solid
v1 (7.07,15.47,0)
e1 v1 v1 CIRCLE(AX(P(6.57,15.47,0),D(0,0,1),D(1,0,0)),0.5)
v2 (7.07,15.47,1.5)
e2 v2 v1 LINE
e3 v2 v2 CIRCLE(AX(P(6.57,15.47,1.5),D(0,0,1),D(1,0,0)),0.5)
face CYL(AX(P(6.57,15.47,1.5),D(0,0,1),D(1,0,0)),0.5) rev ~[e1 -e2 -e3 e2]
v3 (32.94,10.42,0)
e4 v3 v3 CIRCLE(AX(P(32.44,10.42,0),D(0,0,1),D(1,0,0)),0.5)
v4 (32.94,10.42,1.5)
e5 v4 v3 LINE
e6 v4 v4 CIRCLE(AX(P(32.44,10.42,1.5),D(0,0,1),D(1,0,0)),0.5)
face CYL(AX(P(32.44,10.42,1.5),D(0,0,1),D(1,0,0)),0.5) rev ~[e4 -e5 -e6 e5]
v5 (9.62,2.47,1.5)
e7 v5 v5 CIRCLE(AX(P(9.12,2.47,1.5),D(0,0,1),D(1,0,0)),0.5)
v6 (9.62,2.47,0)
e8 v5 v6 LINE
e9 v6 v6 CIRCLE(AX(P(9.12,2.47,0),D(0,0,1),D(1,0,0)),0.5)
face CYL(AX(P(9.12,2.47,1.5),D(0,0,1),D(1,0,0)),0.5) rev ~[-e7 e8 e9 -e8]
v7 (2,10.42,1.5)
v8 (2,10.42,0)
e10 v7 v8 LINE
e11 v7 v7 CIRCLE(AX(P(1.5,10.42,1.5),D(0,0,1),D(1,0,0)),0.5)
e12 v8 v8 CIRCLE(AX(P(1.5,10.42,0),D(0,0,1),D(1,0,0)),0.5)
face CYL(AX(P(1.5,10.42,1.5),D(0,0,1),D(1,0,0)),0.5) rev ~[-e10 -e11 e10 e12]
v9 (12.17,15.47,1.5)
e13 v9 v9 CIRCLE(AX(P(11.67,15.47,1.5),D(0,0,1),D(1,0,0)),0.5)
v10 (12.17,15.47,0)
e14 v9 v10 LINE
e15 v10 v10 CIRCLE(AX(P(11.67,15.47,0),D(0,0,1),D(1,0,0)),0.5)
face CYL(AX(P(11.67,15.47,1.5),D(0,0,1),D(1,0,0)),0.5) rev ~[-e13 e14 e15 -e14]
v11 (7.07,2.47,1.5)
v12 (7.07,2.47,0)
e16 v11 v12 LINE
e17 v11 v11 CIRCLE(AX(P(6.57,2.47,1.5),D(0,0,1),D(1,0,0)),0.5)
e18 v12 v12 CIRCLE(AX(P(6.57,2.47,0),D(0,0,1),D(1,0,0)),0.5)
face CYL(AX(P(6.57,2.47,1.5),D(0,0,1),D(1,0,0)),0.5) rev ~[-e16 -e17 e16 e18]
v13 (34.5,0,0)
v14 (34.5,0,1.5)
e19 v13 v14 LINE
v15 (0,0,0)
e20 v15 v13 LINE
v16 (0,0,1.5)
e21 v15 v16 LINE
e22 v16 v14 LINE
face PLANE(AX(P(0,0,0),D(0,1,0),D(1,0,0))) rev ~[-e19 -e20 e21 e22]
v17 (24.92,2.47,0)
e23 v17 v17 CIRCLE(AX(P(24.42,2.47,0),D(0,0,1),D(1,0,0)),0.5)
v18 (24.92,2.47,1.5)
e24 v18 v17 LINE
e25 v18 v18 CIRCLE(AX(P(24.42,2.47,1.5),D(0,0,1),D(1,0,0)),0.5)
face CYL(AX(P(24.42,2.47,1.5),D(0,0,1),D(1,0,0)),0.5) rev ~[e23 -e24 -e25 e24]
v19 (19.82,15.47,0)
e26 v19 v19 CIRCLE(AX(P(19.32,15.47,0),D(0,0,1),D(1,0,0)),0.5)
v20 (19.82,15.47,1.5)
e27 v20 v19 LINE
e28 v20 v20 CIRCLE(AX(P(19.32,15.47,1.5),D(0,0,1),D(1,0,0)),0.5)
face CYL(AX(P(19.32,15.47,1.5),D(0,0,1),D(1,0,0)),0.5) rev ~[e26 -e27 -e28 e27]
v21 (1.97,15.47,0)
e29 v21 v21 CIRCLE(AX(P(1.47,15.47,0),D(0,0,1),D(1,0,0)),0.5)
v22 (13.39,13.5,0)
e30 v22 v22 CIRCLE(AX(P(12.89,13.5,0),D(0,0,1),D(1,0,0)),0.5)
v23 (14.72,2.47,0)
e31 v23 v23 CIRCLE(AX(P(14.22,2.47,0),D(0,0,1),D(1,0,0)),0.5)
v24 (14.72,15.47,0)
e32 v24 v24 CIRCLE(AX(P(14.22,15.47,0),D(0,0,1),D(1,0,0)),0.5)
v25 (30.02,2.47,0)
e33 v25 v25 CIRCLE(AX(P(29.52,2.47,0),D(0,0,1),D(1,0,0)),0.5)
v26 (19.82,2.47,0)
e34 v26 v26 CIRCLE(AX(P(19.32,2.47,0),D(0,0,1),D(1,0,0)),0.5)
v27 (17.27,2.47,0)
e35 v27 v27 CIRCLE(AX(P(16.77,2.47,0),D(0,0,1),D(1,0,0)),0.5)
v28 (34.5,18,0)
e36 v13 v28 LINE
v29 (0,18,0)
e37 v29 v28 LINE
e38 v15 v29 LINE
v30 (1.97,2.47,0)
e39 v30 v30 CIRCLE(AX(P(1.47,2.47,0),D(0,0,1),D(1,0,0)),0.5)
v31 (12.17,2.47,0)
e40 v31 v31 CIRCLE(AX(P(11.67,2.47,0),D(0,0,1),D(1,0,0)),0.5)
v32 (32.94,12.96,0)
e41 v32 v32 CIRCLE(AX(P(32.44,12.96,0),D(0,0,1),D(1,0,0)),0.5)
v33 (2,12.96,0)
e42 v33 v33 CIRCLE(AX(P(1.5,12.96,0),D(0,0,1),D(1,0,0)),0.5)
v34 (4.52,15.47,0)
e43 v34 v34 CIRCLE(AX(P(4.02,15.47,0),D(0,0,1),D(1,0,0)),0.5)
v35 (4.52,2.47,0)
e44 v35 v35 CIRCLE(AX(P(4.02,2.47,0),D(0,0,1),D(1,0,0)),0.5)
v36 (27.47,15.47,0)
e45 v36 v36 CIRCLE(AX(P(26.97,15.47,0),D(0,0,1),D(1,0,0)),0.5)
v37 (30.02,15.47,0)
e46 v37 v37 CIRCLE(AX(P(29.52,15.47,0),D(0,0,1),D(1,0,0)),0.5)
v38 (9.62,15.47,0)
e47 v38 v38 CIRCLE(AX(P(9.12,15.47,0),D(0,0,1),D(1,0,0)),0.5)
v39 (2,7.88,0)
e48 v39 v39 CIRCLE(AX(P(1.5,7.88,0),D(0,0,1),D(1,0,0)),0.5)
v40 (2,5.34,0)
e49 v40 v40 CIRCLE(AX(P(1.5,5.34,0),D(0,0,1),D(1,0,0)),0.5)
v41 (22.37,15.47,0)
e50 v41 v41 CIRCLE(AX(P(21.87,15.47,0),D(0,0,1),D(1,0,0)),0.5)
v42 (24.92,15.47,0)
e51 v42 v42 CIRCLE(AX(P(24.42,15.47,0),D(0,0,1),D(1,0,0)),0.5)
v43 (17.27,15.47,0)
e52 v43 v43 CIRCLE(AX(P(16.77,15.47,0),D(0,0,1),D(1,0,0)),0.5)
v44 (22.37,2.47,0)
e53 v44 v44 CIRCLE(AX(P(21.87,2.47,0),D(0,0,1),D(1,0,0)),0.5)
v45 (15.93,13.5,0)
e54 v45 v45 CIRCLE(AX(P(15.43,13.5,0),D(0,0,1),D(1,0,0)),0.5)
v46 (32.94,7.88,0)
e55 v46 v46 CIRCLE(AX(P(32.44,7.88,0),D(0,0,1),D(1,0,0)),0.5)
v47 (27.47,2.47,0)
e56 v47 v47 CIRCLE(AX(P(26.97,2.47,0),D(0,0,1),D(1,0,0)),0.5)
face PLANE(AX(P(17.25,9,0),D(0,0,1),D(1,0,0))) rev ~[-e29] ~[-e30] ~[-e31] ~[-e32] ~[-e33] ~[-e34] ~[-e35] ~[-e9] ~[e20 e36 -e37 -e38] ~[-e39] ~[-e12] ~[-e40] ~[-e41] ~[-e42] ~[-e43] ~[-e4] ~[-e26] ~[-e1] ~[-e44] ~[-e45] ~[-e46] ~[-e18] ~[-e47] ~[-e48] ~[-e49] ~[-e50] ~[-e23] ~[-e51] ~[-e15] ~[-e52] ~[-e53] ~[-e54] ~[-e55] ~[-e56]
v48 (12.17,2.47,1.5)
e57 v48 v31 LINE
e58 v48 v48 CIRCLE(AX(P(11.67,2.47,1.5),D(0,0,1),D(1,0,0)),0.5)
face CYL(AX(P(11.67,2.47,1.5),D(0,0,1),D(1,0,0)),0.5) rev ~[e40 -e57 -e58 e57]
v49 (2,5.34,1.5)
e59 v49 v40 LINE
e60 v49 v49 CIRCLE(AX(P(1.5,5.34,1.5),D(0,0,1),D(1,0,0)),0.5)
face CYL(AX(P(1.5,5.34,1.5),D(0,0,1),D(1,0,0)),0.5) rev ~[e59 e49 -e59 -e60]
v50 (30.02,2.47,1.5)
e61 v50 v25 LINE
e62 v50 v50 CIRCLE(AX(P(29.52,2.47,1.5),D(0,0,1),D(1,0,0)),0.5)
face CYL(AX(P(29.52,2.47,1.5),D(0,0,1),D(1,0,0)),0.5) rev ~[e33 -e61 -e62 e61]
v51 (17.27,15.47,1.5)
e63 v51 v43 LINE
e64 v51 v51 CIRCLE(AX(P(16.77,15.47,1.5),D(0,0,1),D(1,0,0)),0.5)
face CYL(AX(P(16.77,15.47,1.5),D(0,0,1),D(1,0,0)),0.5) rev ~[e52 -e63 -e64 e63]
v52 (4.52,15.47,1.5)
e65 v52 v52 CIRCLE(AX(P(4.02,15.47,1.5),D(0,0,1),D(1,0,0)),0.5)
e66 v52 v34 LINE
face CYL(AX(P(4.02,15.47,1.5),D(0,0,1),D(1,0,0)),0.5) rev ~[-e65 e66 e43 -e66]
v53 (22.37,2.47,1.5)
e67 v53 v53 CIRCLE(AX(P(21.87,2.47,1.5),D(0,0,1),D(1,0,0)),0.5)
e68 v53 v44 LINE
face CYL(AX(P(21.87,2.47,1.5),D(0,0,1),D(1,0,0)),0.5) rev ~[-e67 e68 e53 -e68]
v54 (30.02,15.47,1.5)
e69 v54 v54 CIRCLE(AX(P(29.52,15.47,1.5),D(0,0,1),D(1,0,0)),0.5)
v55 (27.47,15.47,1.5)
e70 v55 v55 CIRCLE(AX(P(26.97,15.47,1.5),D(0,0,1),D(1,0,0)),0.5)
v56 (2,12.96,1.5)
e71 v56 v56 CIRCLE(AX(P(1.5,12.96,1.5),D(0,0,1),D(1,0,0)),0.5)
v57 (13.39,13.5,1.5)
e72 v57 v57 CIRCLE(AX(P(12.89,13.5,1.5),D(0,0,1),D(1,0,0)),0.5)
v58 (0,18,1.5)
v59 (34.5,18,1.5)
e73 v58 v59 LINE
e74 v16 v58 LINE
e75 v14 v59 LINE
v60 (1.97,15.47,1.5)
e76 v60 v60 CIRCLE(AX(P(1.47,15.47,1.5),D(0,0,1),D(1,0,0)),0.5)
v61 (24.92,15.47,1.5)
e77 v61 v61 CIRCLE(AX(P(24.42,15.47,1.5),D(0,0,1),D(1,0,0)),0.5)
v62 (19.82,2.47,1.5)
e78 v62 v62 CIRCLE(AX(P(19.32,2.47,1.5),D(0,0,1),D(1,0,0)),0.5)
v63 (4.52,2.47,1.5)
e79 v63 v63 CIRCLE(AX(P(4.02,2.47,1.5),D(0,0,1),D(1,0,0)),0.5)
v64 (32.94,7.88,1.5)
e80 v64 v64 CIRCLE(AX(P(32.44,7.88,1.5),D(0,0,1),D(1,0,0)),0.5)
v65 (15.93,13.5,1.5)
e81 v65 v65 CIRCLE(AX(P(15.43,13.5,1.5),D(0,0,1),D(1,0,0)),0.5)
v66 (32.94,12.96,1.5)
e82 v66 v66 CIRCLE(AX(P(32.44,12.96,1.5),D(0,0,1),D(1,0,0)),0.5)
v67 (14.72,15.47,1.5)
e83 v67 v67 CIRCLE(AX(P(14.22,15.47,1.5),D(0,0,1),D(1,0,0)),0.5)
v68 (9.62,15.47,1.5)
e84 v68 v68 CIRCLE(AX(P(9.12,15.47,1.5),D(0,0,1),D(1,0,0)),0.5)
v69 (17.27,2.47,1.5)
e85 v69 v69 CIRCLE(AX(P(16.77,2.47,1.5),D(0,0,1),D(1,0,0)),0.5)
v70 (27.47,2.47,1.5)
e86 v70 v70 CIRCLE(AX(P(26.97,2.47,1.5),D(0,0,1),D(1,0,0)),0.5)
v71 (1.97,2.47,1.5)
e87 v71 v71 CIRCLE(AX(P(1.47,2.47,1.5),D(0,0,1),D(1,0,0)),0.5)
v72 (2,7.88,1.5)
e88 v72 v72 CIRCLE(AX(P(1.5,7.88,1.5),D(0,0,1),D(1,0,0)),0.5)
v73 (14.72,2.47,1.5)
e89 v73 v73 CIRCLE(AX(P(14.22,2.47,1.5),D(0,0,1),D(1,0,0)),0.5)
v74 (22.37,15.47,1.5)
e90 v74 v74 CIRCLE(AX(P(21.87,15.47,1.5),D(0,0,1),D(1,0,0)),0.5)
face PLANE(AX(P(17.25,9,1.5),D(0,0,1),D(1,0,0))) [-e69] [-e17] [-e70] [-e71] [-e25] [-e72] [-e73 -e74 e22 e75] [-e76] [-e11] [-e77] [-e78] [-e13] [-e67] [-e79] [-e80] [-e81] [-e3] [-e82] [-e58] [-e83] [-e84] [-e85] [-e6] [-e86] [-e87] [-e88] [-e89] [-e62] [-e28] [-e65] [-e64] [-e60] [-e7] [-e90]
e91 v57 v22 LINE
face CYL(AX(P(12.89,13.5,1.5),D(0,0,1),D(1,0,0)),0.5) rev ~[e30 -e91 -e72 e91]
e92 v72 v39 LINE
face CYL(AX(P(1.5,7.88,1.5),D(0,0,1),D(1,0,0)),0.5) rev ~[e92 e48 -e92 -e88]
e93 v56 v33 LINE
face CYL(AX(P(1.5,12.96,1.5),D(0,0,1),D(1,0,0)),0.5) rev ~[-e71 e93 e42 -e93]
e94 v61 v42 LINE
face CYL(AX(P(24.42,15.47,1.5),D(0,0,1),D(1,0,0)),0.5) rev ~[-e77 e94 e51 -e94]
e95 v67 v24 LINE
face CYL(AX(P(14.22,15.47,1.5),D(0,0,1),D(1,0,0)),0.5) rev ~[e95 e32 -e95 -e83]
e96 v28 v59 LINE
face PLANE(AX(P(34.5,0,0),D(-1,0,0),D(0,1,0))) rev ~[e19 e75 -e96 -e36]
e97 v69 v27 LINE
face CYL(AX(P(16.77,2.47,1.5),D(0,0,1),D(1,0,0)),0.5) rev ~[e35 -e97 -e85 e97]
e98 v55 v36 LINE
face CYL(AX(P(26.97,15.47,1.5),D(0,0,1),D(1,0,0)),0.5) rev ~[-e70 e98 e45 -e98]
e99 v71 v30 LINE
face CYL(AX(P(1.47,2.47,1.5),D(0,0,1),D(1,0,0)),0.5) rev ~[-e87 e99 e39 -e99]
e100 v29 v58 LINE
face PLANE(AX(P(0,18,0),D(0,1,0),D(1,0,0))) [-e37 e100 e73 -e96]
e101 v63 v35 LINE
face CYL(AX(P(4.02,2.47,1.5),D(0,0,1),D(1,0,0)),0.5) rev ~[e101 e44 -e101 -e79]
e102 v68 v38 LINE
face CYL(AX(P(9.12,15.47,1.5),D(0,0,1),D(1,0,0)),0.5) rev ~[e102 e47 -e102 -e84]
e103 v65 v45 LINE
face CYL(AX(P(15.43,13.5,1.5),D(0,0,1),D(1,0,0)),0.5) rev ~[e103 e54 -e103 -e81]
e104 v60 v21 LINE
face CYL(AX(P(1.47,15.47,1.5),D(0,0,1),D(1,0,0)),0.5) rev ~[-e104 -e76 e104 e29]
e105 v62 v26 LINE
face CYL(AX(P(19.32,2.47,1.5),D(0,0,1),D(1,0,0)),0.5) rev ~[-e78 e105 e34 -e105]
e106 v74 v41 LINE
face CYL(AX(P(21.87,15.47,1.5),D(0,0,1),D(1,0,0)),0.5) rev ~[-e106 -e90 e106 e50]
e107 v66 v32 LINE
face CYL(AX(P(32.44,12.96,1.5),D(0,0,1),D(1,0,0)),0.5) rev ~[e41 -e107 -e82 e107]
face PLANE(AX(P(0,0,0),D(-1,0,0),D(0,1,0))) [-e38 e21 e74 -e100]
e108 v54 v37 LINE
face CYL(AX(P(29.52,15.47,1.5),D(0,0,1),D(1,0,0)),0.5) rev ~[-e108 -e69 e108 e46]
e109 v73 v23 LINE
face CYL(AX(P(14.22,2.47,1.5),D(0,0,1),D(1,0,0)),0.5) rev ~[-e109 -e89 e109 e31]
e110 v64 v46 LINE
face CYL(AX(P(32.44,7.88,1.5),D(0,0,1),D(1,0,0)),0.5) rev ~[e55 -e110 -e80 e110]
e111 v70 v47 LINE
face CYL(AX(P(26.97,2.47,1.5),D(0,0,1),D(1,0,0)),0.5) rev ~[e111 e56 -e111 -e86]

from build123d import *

# Parameters (mm, degrees)
CROQUIS2_W              = 34.5
CROQUIS2_H              = 18
SALIENTE_EXTRUIR1_DEPTH = 1.5
CROQUIS3_R              = 0.5
CORTAR_EXTRUIR1_DEPTH   = 1.5


with BuildPart() as part:
    # Croquis2 → Saliente-Extruir1 (new body)
    with BuildSketch(Plane.XY):
        with Locations((17.25, 9)):
            Rectangle(CROQUIS2_W, CROQUIS2_H)
    extrude(amount=SALIENTE_EXTRUIR1_DEPTH)

    # Croquis3 → Cortar-Extruir1 (cut)
    with BuildSketch(Plane.XY.offset(1.5)):
        with Locations((4.02, 2.47)):
            Circle(CROQUIS3_R)
        with Locations((1.47, 2.47)):
            Circle(CROQUIS3_R)
        with Locations((1.5, 12.96)):
            Circle(CROQUIS3_R)
        with Locations((1.5, 10.42)):
            Circle(CROQUIS3_R)
        with Locations((1.5, 7.88)):
            Circle(CROQUIS3_R)
        with Locations((1.5, 5.34)):
            Circle(CROQUIS3_R)
        with Locations((6.57, 2.47)):
            Circle(CROQUIS3_R)
        with Locations((9.12, 2.47)):
            Circle(CROQUIS3_R)
        with Locations((11.67, 2.47)):
            Circle(CROQUIS3_R)
        with Locations((14.22, 2.47)):
            Circle(CROQUIS3_R)
        with Locations((16.77, 2.47)):
            Circle(CROQUIS3_R)
        with Locations((19.32, 2.47)):
            Circle(CROQUIS3_R)
        with Locations((21.87, 2.47)):
            Circle(CROQUIS3_R)
        with Locations((24.42, 2.47)):
            Circle(CROQUIS3_R)
        with Locations((26.97, 2.47)):
            Circle(CROQUIS3_R)
        with Locations((29.52, 2.47)):
            Circle(CROQUIS3_R)
        with Locations((4.02, 15.47)):
            Circle(CROQUIS3_R)
        with Locations((6.57, 15.47)):
            Circle(CROQUIS3_R)
        with Locations((9.12, 15.47)):
            Circle(CROQUIS3_R)
        with Locations((11.67, 15.47)):
            Circle(CROQUIS3_R)
        with Locations((14.22, 15.47)):
            Circle(CROQUIS3_R)
        with Locations((16.77, 15.47)):
            Circle(CROQUIS3_R)
        with Locations((19.32, 15.47)):
            Circle(CROQUIS3_R)
        with Locations((21.87, 15.47)):
            Circle(CROQUIS3_R)
        with Locations((24.42, 15.47)):
            Circle(CROQUIS3_R)
        with Locations((26.97, 15.47)):
            Circle(CROQUIS3_R)
        with Locations((29.52, 15.47)):
            Circle(CROQUIS3_R)
        with Locations((1.47, 15.47)):
            Circle(CROQUIS3_R)
        with Locations((32.44, 12.96)):
            Circle(CROQUIS3_R)
        with Locations((32.44, 10.42)):
            Circle(CROQUIS3_R)
        with Locations((32.44, 7.88)):
            Circle(CROQUIS3_R)
        with Locations((15.43, 13.5)):
            Circle(CROQUIS3_R)
        with Locations((12.89, 13.5)):
            Circle(CROQUIS3_R)
    extrude(amount=-CORTAR_EXTRUIR1_DEPTH, mode=Mode.SUBTRACT)


solid = part.part
